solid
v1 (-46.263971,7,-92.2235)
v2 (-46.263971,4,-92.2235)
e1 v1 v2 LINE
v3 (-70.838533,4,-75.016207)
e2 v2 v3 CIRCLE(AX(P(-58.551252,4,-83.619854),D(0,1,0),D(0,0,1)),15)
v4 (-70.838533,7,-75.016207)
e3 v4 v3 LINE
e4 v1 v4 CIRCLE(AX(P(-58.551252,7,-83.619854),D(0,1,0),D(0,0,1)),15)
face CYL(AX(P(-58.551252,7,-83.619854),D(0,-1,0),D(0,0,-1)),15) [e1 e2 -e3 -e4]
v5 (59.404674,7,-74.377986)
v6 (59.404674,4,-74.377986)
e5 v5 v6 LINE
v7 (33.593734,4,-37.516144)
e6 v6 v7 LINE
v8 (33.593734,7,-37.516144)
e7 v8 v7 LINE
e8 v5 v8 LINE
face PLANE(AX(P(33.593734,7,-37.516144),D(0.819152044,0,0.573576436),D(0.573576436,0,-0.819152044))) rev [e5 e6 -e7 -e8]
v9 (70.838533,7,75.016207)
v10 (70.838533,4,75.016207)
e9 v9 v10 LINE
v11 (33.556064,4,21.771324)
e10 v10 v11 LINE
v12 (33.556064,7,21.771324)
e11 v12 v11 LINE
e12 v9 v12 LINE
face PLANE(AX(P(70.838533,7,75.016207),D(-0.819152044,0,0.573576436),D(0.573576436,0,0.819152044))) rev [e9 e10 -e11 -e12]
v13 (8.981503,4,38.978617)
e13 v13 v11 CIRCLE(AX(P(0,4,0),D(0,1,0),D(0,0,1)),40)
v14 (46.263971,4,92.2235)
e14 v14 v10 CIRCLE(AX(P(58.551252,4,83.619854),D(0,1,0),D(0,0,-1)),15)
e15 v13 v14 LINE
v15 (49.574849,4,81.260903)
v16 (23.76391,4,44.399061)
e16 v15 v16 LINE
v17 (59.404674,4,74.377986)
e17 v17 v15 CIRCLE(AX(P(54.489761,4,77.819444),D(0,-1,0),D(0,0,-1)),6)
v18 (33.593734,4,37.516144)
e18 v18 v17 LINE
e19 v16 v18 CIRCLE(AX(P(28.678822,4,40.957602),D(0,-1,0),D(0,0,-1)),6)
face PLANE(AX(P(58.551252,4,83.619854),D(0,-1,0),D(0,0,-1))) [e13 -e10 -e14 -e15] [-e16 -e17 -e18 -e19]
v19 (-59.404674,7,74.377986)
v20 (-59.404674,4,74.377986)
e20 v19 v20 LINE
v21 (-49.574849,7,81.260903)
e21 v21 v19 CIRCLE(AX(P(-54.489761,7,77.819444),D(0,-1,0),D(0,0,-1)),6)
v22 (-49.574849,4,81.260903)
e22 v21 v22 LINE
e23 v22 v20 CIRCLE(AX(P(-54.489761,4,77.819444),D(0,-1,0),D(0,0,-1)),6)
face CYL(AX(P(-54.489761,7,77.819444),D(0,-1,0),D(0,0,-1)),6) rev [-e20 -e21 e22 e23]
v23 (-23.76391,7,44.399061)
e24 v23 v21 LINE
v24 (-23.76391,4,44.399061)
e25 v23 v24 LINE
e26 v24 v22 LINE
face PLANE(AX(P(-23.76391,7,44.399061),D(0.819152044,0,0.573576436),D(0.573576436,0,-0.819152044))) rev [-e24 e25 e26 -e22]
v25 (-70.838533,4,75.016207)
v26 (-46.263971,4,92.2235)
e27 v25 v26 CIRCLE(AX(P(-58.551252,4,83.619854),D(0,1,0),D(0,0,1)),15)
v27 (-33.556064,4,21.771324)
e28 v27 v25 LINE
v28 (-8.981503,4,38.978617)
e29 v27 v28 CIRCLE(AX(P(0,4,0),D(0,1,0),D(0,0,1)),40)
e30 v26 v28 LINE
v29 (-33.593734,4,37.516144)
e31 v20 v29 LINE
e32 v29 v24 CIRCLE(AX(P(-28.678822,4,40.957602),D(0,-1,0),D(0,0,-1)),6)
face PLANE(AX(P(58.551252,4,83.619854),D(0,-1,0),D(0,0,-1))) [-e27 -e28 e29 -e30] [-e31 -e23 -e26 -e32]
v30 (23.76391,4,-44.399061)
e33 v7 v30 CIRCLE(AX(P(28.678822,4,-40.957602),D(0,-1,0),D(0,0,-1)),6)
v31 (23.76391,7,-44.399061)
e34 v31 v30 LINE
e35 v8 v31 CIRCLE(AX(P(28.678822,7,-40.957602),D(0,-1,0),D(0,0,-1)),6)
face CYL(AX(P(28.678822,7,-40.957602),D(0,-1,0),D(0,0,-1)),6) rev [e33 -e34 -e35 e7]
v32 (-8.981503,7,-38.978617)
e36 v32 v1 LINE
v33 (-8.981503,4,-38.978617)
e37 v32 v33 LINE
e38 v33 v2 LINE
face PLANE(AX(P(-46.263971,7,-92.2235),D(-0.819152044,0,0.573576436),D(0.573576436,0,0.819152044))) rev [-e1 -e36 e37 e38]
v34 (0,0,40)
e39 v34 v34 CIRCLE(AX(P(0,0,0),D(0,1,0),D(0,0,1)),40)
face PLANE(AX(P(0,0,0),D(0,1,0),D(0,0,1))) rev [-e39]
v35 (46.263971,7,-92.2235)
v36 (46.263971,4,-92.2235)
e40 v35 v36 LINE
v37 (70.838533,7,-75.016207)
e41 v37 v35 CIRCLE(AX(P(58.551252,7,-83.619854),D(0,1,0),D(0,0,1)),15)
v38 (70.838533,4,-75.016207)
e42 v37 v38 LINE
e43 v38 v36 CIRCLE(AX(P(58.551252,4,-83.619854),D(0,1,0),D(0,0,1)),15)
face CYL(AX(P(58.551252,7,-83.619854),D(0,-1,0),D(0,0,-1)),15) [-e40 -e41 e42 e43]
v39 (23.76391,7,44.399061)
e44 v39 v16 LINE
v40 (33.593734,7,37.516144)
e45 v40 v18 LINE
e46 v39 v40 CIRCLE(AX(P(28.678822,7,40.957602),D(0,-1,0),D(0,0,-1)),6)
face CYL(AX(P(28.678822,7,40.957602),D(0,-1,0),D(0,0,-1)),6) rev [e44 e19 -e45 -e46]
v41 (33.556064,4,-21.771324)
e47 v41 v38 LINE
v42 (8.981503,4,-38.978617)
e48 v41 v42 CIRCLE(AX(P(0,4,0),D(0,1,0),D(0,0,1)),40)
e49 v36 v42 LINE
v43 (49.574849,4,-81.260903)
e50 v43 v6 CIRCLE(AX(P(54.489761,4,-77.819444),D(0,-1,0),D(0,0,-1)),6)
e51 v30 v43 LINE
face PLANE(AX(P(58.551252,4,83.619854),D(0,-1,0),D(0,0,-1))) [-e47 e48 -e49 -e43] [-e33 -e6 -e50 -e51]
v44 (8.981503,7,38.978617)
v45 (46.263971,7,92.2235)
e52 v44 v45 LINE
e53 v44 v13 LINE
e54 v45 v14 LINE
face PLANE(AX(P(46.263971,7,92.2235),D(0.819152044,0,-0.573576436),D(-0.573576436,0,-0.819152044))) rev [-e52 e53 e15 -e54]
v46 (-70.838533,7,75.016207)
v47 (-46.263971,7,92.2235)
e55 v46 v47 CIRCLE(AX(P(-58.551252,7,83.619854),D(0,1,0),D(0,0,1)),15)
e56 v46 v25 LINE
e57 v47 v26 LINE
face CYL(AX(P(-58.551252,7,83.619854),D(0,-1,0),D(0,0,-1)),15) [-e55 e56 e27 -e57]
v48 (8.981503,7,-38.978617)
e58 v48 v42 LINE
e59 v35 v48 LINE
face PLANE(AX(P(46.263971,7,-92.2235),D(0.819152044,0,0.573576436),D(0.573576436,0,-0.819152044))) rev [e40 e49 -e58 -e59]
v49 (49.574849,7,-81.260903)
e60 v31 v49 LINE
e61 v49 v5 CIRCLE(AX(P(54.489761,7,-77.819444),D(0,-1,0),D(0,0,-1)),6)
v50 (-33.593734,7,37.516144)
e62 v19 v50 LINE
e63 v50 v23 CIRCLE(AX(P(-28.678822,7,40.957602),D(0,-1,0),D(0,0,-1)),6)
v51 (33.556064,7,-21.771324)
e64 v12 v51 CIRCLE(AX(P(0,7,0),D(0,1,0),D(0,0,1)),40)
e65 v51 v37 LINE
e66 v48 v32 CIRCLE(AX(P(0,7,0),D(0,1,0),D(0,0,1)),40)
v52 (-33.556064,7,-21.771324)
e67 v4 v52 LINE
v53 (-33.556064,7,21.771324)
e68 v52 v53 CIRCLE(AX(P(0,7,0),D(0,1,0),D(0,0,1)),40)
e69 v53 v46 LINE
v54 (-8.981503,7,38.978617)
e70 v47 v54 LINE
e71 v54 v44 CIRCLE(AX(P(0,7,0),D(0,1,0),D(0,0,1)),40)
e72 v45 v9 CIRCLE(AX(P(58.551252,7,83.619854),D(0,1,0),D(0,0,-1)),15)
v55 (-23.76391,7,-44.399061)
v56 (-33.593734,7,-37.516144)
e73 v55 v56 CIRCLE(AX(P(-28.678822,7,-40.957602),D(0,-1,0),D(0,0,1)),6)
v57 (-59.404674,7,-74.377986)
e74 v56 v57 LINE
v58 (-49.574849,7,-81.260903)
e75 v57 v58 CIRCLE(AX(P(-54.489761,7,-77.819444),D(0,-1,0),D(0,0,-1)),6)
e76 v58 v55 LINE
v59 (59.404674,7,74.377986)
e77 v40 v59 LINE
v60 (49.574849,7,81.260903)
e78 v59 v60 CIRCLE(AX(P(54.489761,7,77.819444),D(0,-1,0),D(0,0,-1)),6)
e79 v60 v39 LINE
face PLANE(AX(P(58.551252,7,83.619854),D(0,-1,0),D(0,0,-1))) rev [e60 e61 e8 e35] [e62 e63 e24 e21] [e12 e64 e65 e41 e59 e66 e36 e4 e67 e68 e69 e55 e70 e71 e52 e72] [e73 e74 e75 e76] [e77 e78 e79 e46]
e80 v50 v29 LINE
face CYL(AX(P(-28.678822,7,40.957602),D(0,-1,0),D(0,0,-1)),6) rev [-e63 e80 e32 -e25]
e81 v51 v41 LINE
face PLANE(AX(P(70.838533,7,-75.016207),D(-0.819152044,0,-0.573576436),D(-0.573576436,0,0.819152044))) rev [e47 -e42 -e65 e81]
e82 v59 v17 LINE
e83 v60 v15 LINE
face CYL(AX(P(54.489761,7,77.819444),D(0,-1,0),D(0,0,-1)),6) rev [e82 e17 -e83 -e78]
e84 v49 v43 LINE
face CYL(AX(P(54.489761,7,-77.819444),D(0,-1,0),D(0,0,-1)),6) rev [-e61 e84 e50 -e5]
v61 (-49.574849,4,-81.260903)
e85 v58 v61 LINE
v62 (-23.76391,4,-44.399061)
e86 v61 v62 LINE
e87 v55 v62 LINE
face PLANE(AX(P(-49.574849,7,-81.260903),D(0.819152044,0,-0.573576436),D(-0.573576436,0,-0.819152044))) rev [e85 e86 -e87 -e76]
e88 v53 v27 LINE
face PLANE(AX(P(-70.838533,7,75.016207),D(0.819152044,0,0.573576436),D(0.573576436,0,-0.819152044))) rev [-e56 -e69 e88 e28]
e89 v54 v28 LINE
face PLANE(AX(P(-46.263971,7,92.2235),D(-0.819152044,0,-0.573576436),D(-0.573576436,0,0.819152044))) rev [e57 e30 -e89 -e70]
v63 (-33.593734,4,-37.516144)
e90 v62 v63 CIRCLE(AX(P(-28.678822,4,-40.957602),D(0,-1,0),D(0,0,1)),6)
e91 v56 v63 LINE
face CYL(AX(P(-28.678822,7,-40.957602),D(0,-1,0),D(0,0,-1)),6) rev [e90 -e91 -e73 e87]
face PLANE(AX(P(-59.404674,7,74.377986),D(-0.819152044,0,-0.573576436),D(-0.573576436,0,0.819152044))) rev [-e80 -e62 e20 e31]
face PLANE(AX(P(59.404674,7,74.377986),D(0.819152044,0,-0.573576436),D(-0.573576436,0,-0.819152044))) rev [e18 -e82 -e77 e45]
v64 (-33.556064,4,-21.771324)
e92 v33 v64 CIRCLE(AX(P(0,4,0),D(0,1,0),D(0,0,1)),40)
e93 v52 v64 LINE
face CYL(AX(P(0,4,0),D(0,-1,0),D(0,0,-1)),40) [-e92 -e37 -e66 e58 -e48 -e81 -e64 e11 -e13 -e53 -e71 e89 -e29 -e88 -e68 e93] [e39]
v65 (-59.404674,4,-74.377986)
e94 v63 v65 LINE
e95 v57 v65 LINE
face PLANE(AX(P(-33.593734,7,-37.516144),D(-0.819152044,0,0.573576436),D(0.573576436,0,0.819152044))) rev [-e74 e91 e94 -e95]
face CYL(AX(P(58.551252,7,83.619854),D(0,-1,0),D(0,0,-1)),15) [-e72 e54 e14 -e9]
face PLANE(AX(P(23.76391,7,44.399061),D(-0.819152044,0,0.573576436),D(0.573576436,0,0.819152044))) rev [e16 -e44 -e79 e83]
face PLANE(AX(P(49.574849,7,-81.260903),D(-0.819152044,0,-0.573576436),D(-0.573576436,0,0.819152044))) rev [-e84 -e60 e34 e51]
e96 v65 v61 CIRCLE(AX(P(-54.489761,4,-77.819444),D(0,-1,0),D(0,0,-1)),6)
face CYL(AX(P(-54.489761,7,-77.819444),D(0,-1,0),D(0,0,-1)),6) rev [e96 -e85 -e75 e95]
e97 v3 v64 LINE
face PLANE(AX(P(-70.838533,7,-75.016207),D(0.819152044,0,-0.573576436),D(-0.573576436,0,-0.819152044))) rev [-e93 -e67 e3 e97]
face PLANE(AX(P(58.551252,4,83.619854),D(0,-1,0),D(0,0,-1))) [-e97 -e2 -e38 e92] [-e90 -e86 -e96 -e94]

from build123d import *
from build123d.topology import SkipClean

# Parameters (mm, degrees)
SKETCH1_R           = 40
BOSS_EXTRUDE1_DEPTH = 4
BOSS_EXTRUDE2_DEPTH = 3
CUT_EXTRUDE1_DEPTH  = 3


with BuildPart() as part:
    # Sketch1 → Boss-Extrude1 (new body)
    with BuildSketch(Plane(origin=(0, 0, 0), x_dir=(1, 0, 0), z_dir=(0, 1, 0))):
        with Locations(Location((0, 0, 0), (0, 0, 270))):
            Circle(SKETCH1_R)
    extrude(amount=BOSS_EXTRUDE1_DEPTH)

    # Sketch2 → Boss-Extrude2 (add)
    with SkipClean():  # the faces are left unmerged after this step: merging them gives an invalid solid
        with BuildSketch(Plane(origin=(0, 4, 0), x_dir=(1, 0, 0), z_dir=(0, 1, 0))):
            with BuildLine():
                Line((70.838532525, 75.016207091), (33.556064162, 21.771324213))
                ThreePointArc((33.556064162, 21.771324213), (40, 0), (33.556064162, -21.771324213))
                Line((33.556064162, -21.771324213), (70.838532525, -75.016207091))
                ThreePointArc((70.838532525, -75.016207091), (67.154898406, -95.907134301), (46.263971196, -92.223500182))
                Line((46.263971196, -92.223500182), (8.981502833, -38.978617303))
                ThreePointArc((8.981502833, -38.978617303), (0, -40), (-8.981502833, -38.978617303))
                Line((-8.981502833, -38.978617303), (-46.263971196, -92.223500182))
                ThreePointArc((-46.263971196, -92.223500182), (-67.154898406, -95.907134301), (-70.838532525, -75.016207091))
                Line((-70.838532525, -75.016207091), (-33.556064162, -21.771324213))
                ThreePointArc((-33.556064162, -21.771324213), (-40, 0), (-33.556064162, 21.771324213))
                Line((-33.556064162, 21.771324213), (-70.838532525, 75.016207091))
                ThreePointArc((-70.838532525, 75.016207091), (-67.154898406, 95.907134301), (-46.263971196, 92.223500182))
                Line((-46.263971196, 92.223500182), (-8.981502833, 38.978617303))
                ThreePointArc((-8.981502833, 38.978617303), (0, 40), (8.981502833, 38.978617303))
                Line((8.981502833, 38.978617303), (46.263971196, 92.223500182))
                ThreePointArc((46.263971196, 92.223500182), (67.154898406, 95.907134301), (70.838532525, 75.016207091))
            make_face()
        extrude(amount=BOSS_EXTRUDE2_DEPTH)

    # Sketch3 → Cut-Extrude1 (cut)
    with SkipClean():  # the faces are left unmerged after this step: merging them gives an invalid solid
        with BuildSketch(Plane.XZ.offset(-4)):
            with BuildLine():
                Line((33.593734083, -37.516143596), (59.404673719, -74.377985589))
                ThreePointArc((59.404673719, -74.377985589), (57.931220071, -82.734356473), (49.574849188, -81.260902826))
                Line((49.574849188, -81.260902826), (23.763909552, -44.399060833))
                ThreePointArc((23.763909552, -44.399060833), (25.237363199, -36.042689949), (33.593734083, -37.516143596))
            make_face()
            with BuildLine():
                Line((-33.593734083, -37.516143596), (-59.404673719, -74.377985589))
                ThreePointArc((-59.404673719, -74.377985589), (-57.931220071, -82.734356473), (-49.574849188, -81.260902826))
                Line((-49.574849188, -81.260902826), (-23.763909552, -44.399060833))
                ThreePointArc((-23.763909552, -44.399060833), (-25.237363199, -36.042689949), (-33.593734083, -37.516143596))
            make_face()
            with BuildLine():
                Line((23.763909552, 44.399060833), (49.574849188, 81.260902826))
                ThreePointArc((49.574849188, 81.260902826), (57.931220071, 82.734356473), (59.404673719, 74.377985589))
                Line((59.404673719, 74.377985589), (33.593734083, 37.516143596))
                ThreePointArc((33.593734083, 37.516143596), (25.237363199, 36.042689949), (23.763909552, 44.399060833))
            make_face()
            with BuildLine():
                Line((-23.763909552, 44.399060833), (-49.574849188, 81.260902826))
                ThreePointArc((-49.574849188, 81.260902826), (-57.931220071, 82.734356473), (-59.404673719, 74.377985589))
                Line((-59.404673719, 74.377985589), (-33.593734083, 37.516143596))
                ThreePointArc((-33.593734083, 37.516143596), (-25.237363199, 36.042689949), (-23.763909552, 44.399060833))
            make_face()
        extrude(amount=-CUT_EXTRUDE1_DEPTH, mode=Mode.SUBTRACT)


solid = part.part
